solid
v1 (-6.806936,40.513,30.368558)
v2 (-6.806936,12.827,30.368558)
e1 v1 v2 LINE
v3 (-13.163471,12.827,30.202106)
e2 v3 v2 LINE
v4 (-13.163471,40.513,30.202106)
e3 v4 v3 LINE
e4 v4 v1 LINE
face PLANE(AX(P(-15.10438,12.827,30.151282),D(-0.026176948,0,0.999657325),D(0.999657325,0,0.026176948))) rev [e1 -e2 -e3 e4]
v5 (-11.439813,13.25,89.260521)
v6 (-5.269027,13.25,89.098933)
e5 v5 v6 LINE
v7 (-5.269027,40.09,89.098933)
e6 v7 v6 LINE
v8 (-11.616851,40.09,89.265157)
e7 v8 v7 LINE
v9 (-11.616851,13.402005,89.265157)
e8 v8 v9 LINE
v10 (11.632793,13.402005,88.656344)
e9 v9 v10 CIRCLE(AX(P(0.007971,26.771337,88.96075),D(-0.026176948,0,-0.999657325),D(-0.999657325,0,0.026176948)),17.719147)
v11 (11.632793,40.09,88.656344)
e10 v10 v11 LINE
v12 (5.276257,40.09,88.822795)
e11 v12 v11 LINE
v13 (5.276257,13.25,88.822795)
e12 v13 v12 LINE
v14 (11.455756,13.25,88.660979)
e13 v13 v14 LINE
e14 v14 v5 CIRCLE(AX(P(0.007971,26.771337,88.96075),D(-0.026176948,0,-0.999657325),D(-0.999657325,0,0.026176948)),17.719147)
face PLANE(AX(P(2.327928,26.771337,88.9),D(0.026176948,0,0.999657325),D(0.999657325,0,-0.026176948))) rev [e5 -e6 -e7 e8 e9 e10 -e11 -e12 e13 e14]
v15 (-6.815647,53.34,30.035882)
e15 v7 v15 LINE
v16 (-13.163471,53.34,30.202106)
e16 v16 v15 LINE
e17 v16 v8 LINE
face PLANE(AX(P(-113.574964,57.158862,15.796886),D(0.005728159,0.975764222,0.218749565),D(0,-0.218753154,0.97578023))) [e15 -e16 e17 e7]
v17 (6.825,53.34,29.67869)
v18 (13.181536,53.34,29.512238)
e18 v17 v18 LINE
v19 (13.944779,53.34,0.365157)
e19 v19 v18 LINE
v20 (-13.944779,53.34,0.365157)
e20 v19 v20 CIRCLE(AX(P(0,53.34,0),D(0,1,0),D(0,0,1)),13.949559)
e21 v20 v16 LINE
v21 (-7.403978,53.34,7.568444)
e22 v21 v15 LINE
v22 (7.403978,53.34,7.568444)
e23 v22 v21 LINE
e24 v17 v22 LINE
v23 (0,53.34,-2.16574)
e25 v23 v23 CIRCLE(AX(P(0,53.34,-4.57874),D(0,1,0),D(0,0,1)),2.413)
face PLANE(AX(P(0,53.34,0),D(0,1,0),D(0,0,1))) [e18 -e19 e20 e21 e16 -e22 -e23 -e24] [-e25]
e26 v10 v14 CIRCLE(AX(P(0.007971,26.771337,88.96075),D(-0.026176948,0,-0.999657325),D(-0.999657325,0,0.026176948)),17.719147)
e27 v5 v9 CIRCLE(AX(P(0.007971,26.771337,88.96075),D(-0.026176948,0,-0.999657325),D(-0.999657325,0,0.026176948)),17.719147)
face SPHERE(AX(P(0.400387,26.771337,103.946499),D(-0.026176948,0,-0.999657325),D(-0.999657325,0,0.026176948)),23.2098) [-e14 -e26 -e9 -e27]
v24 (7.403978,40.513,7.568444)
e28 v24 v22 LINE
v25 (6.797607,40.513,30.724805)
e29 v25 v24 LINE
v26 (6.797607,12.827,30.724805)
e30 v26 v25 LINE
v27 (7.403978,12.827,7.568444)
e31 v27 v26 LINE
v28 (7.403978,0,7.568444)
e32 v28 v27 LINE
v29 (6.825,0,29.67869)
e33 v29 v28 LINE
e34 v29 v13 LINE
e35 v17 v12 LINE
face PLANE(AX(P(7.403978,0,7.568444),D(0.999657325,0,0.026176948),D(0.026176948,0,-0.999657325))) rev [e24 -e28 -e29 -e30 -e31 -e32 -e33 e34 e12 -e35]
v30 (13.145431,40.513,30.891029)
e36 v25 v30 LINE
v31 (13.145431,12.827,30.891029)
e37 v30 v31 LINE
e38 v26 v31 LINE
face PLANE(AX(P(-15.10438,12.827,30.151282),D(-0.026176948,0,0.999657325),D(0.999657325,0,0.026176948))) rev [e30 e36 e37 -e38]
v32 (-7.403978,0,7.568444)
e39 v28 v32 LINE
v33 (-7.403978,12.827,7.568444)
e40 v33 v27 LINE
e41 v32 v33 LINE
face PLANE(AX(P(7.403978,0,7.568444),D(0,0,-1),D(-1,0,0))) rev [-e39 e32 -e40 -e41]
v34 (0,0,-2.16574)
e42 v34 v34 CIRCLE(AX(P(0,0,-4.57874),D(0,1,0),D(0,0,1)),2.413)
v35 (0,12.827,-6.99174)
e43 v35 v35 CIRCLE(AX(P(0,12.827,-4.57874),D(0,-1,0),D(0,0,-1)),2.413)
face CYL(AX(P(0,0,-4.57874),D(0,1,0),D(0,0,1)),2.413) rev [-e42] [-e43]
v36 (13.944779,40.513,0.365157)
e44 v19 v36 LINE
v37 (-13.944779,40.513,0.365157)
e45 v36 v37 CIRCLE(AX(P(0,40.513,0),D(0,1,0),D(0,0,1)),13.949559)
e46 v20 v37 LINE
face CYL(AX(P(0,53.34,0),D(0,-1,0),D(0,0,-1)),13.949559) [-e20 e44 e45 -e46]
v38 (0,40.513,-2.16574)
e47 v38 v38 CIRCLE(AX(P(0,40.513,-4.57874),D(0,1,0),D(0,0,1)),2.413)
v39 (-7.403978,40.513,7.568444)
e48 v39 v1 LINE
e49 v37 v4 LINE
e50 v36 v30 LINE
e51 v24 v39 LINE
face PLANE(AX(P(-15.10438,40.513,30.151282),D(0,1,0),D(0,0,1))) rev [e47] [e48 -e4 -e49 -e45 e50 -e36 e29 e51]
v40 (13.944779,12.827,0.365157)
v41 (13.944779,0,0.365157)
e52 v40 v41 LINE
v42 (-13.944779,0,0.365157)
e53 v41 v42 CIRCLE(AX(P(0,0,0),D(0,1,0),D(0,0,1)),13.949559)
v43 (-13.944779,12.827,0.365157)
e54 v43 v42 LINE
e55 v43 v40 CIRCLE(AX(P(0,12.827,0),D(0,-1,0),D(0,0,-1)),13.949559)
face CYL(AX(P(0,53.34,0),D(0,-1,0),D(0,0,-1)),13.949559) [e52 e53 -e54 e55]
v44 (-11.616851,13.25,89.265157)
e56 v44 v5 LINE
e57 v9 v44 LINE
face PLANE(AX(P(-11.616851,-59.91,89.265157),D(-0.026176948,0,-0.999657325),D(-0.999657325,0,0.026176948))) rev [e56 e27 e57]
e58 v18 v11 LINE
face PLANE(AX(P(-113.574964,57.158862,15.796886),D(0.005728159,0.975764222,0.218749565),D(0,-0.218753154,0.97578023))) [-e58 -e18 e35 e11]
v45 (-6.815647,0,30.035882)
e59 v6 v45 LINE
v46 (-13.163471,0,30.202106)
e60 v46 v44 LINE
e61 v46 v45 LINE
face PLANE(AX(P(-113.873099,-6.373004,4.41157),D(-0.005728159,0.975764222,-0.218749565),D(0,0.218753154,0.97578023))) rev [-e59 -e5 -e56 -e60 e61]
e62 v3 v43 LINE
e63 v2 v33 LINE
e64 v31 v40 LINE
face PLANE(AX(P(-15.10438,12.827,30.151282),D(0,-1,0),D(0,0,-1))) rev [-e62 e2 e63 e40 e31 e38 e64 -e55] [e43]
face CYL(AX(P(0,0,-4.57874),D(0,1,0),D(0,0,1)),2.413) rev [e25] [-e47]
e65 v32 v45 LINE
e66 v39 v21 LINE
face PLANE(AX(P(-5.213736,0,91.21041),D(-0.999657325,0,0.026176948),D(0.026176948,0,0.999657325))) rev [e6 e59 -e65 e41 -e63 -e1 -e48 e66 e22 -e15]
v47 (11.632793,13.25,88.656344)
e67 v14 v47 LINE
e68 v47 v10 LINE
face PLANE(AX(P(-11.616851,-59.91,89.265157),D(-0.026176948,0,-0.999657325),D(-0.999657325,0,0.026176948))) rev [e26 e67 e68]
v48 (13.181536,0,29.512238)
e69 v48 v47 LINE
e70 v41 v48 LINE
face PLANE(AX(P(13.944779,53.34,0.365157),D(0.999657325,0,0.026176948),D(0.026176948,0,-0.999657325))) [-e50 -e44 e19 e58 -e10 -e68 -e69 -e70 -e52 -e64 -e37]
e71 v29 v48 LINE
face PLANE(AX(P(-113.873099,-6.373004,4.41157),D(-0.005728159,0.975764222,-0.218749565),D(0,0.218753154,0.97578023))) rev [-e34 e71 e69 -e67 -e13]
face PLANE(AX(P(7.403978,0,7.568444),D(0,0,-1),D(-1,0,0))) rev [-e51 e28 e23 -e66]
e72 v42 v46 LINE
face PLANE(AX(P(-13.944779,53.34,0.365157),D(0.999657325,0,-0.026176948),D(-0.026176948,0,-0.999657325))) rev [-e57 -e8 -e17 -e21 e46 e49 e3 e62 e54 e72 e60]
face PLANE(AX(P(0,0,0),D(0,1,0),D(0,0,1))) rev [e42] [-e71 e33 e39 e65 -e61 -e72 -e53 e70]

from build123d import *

# Parameters (mm, degrees)
BOSS_EXTRUDE1_DEPTH     = 53.34
SKETCH4_W               = 61.072672184
SKETCH4_H               = 27.686
CUT_EXTRUDE3_DEPTH      = 125.557157077
SKETCH5_OUTSIDE_W       = 57.352
SKETCH5_OUTSIDE_H       = 152.814
CUT_EXTRUDE5_DEPTH      = 123.51837945
SKETCH6_R               = 2.413
CUT_EXTRUDE6_DEPTH      = 123.51837945
CUT_EXTRUDE8_DEPTH      = 100
CUT_EXTRUDE8_DEPTH_BACK = 100
CUT_EXTRUDE9_DEPTH      = 100


with BuildPart() as part:
    # Sketch1 → Boss-Extrude1 (new body)
    with BuildSketch(Plane(origin=(0, 0, 0), x_dir=(1, 0, 0), z_dir=(0, 1, 0))):
        with BuildLine():
            Line((-13.944778991, -0.365156889), (-11.616850564, -89.265156889))
            ThreePointArc((-11.616850564, -89.265156889), (0, -109.412099434), (11.616850564, -89.265156889))
            Line((11.616850564, -89.265156889), (13.944778991, -0.365156889))
            ThreePointArc((13.944778991, -0.365156889), (0, 13.949559157), (-13.944778991, -0.365156889))
        make_face()
    extrude(amount=BOSS_EXTRUDE1_DEPTH)

    # Sketch4 → Cut-Extrude3 (cut, through all)
    with BuildSketch(Plane(origin=(13.944778991, 0, 0.365156889), x_dir=(0.026176948307873094, 0, -0.9996573249755574), z_dir=(0.9996573249755573, 0, 0.02617694830787309))):
        with Locations((0, 26.67)):
            Rectangle(SKETCH4_W, SKETCH4_H)
    extrude(amount=-CUT_EXTRUDE3_DEPTH, mode=Mode.SUBTRACT)

    # Sketch5 outside → Cut-Extrude5 (cut, through all)
    # profile 1 of 2: a face of its own
    with BuildSketch(Plane(origin=(0, 53.34, 0), x_dir=(1, 0, 0), z_dir=(0, 1, 0))):
        with Locations((0, -47.731)):
            Rectangle(SKETCH5_OUTSIDE_W, SKETCH5_OUTSIDE_H)
        with BuildLine():
            Line((-13.944778991, -0.365156889), (-11.616850564, -89.265156889))
            ThreePointArc((-11.616850564, -89.265156889), (0, -109.412099434), (11.616850564, -89.265156889))
            Line((11.616850564, -89.265156889), (13.944778991, -0.365156889))
            ThreePointArc((13.944778991, -0.365156889), (0, 13.949559157), (-13.944778991, -0.365156889))
        make_face(mode=Mode.SUBTRACT)
    # profile 2 of 2: a face of its own
    with BuildSketch(Plane(origin=(0, 53.34, 0), x_dir=(1, 0, 0), z_dir=(0, 1, 0))):
        with BuildLine():
            Line((7.403977553, -7.568443783), (5.213735587, -91.210409969))
            ThreePointArc((5.213735587, -91.210409969), (0, -105.33899845), (-5.213735587, -91.210409969))
            Line((-5.213735587, -91.210409969), (-7.403977553, -7.568443783))
            Line((-7.403977553, -7.568443783), (7.403977553, -7.568443783))
        make_face()
    extrude(amount=-CUT_EXTRUDE5_DEPTH, mode=Mode.SUBTRACT)

    # Sketch6 → Cut-Extrude6 (cut, through all)
    with BuildSketch(Plane(origin=(0, 53.34, 0), x_dir=(1, 0, 0), z_dir=(0, 1, 0))):
        with Locations((0, 4.57874024)):
            Circle(SKETCH6_R)
    extrude(amount=-CUT_EXTRUDE6_DEPTH, mode=Mode.SUBTRACT)

    # Sketch7 → Cut-Extrude8 (cut, two sides: drawn at the far end of the back side and taken through both)
    with BuildSketch(Plane(origin=(-13.944778991, 0, 0.365156889), x_dir=(0.02617694830787368, 0, 0.9996573249755574), z_dir=(-0.9996573249755574, 0, 0.02617694830787368)).offset(-CUT_EXTRUDE8_DEPTH_BACK)):
        Polygon((138.702727396, 53.34), (29.847177093, 53.34), (88.930474252, 40.09), (115.196693912, 40.09), (115.196693912, 13.25), (88.930474252, 13.25), (29.847177093, 0), (138.702727396, 0), align=None)
    extrude(amount=CUT_EXTRUDE8_DEPTH + CUT_EXTRUDE8_DEPTH_BACK, mode=Mode.SUBTRACT)

    # Sketch8 → Cut-Extrude9 (cut)
    with BuildSketch(Plane(origin=(0, 40.09, 0), x_dir=(1, 0, 0), z_dir=(0, 1, 0))):
        Polygon((-11.616850564, -89.265156889), (19.748470708, -88.443827046), (21.136276119, -119.73242467), (-27.769338844, -116.21935592), (-20.465853811, -89.265156889), align=None)
    extrude(amount=-CUT_EXTRUDE9_DEPTH, mode=Mode.SUBTRACT)

    # Sketch14 → Revolve6 (revolve)
    with BuildSketch(Plane(origin=(0, 26.771336555, 0), x_dir=(-0.9996573249755574, 0, 0.02617694830787441), z_dir=(0, 1, 0))):
        with BuildLine():
            Line((2.320752522, 88.930474252), (13.949559157, 88.930474252))
            Line((13.949559157, 88.930474252), (20.039899636, 88.930474252))
            ThreePointArc((20.039899636, 88.930474252), (24.11470465, 95.938974296), (25.530552865, 103.921360067))
            ThreePointArc((25.530552865, 103.921360067), (18.732559735, 120.33316728), (2.320752522, 127.13116041))
            Line((2.320752522, 127.13116041), (2.320752522, 103.921360067))
            Line((2.320752522, 103.921360067), (2.320752522, 88.930474252))
        make_face()
    revolve(axis=Axis((0.400386812, 26.771336555, 103.946499032), (0.026176948307874422, 0, 0.9996573249755573)))


solid = part.part
